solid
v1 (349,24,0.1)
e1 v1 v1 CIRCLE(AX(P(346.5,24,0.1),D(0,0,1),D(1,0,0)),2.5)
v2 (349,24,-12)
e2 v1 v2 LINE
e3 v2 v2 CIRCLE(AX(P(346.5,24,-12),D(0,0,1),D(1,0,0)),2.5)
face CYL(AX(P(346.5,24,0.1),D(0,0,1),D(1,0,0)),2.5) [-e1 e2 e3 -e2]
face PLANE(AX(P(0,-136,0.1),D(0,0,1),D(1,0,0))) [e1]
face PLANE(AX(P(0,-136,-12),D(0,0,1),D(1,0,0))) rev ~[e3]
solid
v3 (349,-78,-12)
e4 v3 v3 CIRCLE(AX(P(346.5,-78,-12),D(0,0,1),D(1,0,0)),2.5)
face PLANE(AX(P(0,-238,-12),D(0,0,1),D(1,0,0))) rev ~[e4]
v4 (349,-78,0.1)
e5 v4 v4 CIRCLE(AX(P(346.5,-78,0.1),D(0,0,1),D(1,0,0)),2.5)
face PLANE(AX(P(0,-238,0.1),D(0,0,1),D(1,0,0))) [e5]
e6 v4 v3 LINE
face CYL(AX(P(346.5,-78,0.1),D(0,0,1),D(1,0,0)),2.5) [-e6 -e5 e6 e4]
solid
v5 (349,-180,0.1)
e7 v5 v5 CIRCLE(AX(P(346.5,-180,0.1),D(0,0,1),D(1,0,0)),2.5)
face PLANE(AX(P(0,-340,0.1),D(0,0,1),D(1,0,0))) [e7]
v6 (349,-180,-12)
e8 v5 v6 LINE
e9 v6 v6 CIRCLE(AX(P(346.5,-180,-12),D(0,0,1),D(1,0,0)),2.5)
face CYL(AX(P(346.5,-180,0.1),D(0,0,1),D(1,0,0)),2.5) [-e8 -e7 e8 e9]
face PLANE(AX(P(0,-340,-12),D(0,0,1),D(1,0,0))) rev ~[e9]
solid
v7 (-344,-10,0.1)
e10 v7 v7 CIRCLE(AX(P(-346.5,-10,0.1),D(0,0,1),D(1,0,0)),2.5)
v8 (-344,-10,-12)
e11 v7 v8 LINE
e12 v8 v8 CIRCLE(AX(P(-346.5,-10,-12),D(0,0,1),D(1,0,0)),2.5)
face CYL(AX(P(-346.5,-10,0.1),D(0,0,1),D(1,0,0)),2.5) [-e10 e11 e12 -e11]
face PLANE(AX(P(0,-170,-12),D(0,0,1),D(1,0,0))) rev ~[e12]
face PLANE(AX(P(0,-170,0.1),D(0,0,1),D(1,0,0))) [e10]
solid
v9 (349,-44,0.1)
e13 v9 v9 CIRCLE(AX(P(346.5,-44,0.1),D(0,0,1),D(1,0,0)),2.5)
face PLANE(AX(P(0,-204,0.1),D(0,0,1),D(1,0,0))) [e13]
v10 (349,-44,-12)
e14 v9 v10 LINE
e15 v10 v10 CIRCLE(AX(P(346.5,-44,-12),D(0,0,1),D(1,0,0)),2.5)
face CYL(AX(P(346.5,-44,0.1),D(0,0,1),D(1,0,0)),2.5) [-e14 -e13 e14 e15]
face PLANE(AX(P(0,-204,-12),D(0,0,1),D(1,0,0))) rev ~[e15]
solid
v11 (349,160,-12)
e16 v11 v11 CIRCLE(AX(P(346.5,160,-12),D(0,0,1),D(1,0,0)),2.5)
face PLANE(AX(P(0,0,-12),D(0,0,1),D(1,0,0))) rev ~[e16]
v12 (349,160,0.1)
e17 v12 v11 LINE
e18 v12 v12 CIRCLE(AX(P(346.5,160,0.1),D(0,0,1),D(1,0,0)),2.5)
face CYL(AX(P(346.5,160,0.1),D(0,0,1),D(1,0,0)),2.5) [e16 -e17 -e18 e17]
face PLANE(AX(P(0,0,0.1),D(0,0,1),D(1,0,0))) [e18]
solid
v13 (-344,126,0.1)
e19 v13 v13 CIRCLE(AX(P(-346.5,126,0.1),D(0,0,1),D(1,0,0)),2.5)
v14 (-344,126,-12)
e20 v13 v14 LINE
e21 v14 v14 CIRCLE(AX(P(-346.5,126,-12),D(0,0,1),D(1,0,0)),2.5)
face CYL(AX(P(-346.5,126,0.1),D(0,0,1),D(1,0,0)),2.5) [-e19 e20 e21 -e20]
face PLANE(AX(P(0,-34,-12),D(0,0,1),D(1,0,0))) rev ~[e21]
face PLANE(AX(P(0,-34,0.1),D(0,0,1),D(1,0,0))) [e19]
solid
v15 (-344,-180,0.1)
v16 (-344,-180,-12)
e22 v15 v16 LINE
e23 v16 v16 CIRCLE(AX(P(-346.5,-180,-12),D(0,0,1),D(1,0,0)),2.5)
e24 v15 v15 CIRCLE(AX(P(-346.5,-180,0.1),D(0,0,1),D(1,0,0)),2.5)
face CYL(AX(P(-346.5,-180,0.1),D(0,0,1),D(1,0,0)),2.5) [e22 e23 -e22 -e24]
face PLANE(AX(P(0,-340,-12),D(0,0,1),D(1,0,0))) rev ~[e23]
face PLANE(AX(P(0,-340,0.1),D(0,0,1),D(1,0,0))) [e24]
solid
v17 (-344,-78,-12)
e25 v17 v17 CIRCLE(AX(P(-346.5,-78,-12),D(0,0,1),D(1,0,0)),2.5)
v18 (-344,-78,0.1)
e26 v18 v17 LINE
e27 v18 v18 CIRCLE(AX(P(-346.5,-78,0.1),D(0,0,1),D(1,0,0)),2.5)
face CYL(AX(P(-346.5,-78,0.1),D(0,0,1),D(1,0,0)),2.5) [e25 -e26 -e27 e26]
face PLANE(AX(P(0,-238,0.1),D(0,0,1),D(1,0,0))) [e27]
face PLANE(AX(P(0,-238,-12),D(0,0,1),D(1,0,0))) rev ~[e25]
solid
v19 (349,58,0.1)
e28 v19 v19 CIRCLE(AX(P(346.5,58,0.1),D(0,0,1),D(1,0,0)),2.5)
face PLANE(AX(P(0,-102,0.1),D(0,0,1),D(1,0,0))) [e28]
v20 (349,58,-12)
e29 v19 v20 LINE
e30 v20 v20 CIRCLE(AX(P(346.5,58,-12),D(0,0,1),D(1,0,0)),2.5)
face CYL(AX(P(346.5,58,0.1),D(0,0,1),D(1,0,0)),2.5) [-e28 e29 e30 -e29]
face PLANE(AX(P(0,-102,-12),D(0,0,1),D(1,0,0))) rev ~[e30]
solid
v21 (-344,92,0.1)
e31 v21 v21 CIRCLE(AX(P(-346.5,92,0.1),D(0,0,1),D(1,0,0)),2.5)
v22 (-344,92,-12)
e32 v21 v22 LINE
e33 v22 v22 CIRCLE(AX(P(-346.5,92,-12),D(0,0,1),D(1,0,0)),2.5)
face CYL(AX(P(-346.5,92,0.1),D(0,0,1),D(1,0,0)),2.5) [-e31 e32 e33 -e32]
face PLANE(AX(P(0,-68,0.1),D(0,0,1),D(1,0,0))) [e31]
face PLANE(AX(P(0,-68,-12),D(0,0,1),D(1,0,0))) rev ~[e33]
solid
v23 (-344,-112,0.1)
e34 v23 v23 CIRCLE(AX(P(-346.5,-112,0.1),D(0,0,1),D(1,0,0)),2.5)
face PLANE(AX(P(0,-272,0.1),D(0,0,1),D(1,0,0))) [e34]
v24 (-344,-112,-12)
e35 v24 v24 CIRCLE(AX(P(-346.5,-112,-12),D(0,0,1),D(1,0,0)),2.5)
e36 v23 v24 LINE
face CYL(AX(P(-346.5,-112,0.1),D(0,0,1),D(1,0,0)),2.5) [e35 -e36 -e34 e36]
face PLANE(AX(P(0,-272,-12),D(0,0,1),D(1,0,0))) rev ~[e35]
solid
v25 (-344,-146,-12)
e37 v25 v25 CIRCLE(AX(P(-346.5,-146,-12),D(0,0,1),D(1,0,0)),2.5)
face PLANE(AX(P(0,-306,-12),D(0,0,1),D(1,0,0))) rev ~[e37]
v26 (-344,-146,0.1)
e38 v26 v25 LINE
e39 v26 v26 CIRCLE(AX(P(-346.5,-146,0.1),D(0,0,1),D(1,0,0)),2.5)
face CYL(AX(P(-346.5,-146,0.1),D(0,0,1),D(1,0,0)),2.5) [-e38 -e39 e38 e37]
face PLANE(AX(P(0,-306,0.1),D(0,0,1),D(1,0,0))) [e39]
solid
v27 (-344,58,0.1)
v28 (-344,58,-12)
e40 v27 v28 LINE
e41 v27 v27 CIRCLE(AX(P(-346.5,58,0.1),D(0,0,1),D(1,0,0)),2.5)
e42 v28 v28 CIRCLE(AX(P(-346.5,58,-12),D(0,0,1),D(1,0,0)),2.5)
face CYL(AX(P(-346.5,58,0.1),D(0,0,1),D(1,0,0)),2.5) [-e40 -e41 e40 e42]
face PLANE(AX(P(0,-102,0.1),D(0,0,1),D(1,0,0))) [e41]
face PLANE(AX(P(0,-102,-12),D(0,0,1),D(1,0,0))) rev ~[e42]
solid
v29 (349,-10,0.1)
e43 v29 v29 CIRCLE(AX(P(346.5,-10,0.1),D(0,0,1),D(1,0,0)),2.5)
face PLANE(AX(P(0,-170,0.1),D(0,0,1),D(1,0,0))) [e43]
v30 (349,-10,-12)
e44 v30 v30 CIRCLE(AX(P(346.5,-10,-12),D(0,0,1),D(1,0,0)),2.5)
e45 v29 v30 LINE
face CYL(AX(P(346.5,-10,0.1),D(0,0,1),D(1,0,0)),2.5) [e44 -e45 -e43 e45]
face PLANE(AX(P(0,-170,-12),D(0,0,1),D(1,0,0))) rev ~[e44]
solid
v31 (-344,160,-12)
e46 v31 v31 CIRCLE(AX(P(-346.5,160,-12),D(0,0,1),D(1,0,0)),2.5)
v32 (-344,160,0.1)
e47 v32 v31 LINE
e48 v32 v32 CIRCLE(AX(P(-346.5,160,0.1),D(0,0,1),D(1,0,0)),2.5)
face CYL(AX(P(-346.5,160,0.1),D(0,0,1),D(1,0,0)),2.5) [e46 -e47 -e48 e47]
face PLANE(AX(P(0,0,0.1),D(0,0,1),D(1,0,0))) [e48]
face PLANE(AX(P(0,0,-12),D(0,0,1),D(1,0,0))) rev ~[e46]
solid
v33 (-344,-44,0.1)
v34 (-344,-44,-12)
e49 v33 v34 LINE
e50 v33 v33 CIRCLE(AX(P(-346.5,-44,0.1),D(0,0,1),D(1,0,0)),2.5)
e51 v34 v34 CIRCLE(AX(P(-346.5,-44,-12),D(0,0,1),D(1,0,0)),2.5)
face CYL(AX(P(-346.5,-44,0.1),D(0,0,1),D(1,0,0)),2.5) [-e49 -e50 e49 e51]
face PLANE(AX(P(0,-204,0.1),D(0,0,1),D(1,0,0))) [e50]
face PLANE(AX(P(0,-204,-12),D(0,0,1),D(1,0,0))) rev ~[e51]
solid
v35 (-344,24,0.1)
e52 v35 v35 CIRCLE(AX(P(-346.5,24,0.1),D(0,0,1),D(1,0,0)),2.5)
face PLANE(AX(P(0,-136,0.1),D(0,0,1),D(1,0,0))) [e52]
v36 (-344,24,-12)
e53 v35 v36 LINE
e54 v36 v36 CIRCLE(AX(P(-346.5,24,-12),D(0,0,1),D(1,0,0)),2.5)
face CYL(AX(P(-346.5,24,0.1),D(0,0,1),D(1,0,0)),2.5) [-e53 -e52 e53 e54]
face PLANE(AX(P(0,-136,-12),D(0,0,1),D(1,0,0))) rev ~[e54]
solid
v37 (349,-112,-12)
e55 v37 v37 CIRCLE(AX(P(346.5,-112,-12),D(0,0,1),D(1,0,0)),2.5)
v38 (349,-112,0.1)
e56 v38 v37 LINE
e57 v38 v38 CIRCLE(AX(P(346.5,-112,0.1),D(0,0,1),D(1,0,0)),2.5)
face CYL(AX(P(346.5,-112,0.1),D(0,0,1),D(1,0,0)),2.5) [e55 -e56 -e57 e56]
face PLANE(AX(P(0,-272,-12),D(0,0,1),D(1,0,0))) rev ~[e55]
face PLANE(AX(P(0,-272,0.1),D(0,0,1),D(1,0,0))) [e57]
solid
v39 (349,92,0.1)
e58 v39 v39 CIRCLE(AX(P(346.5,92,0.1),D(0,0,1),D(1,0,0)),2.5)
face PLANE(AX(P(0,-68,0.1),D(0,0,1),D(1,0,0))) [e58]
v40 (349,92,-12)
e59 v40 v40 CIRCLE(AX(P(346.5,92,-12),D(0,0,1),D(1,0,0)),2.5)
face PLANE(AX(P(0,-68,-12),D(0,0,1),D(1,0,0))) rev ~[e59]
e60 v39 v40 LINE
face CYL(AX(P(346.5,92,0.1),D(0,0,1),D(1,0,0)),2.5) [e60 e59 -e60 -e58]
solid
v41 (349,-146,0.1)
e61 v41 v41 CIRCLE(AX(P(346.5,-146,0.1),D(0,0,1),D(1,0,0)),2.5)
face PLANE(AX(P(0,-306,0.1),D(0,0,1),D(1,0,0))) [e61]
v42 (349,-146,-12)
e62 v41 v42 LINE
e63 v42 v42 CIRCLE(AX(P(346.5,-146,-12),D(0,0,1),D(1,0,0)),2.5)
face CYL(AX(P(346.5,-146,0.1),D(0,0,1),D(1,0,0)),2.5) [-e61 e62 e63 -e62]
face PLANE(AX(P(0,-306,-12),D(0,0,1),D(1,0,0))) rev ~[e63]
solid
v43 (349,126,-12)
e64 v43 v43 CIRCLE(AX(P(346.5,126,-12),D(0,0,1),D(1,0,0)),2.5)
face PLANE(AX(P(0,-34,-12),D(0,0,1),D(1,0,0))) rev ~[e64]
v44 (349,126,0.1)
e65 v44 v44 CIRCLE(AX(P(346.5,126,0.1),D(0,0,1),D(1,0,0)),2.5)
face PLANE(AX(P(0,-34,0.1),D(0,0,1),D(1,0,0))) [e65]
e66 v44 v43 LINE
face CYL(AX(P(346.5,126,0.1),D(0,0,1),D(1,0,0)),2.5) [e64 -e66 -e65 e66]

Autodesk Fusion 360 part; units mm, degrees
sketch "Control" plane through (0, 0, 0) normal (0, 0, 1) x (1, 0, 0)
  line L0 (378.5, -280) -> (-378.5, -280)
  line L1 (-378.5, -280) -> (-378.5, 280)
  line L2 (-378.5, 280) -> (378.5, 280)
  line L3 (378.5, 280) -> (378.5, -280)
  line L4 (378.5, -280) -> (-378.5, 280) construction
  line L5 (-378.5, -280) -> (378.5, 280) construction
  point P0 (0, 160)
  dimension "d7" = 560
  dimension "d8" = 757
  dimension "d9" = 378.5
  dimension "d100" = 120
ref_plane "WorkPlane1" through (0, 160, 0) normal (0, 1, 0) x (0, 0, 1)
ref_plane "WorkPlane2" through (0, 0, 0) normal (1, 0, 0) x (0, 1, 0)
sketch "Sketch5" plane through (0, 0, 0) normal (0, 0, 1) x (1, 0, 0)
  line L0 (346.5, 160) -> (-346.5, 160) construction
  line L1 (-378.5, 280) -> (378.5, 280) construction
  line L2 (378.5, 280) -> (378.5, -280) construction
  line L3 (-378.5, -280) -> (-378.5, 280) construction
  circle A0 centre (-346.5, 160) radius 2.5
  circle A1 centre (346.5, 160) radius 2.5
  dimension "d116" = 120
  dimension "d117" = 32
  dimension "d118" = 32
  dimension "d119" = 5
  dimension "d120" = 5
extrude "Extrude1" add sketch "Sketch5" along normal blind -12 and the other way blind -0.1 makes body 1 at (-346.9341, 162.462, -7.9667) makes body 2 at (346.0659, 162.462, -7.9667)
copy_body "Body->Comp1" bodies 1 removing the originals makes body 3 in component "Component"
copy_body "Body->Comp2" bodies 2 removing the originals makes body 4 in component "Component'"
pattern_linear "00000000-0000-0000-0000-000000000000" [suppressed]
component "Component" placed x (1, 0, 0) y (0, 1, 0) z (0, 0, 1) at (0, 0, 0)
component "Component'" placed x (1, 0, 0) y (0, 1, 0) z (0, 0, 1) at (0, 0, 0)
component "Component" placed x (1, 0, 0) y (0, 1, 0) z (0, 0, 1) at (0, -34, 0)
component "Component'" placed x (1, 0, 0) y (0, 1, 0) z (0, 0, 1) at (0, -34, 0)
component "Component" placed x (1, 0, 0) y (0, 1, 0) z (0, 0, 1) at (0, -68, 0)
component "Component'" placed x (1, 0, 0) y (0, 1, 0) z (0, 0, 1) at (0, -68, 0)
component "Component" placed x (1, 0, 0) y (0, 1, 0) z (0, 0, 1) at (0, -102, 0)
component "Component'" placed x (1, 0, 0) y (0, 1, 0) z (0, 0, 1) at (0, -102, 0)
component "Component" placed x (1, 0, 0) y (0, 1, 0) z (0, 0, 1) at (0, -136, 0)
component "Component'" placed x (1, 0, 0) y (0, 1, 0) z (0, 0, 1) at (0, -136, 0)
component "Component" placed x (1, 0, 0) y (0, 1, 0) z (0, 0, 1) at (0, -170, 0)
component "Component'" placed x (1, 0, 0) y (0, 1, 0) z (0, 0, 1) at (0, -170, 0)
component "Component" placed x (1, 0, 0) y (0, 1, 0) z (0, 0, 1) at (0, -204, 0)
component "Component'" placed x (1, 0, 0) y (0, 1, 0) z (0, 0, 1) at (0, -204, 0)
component "Component" placed x (1, 0, 0) y (0, 1, 0) z (0, 0, 1) at (0, -238, 0)
component "Component'" placed x (1, 0, 0) y (0, 1, 0) z (0, 0, 1) at (0, -238, 0)
component "Component" placed x (1, 0, 0) y (0, 1, 0) z (0, 0, 1) at (0, -272, 0)
component "Component'" placed x (1, 0, 0) y (0, 1, 0) z (0, 0, 1) at (0, -272, 0)
component "Component" placed x (1, 0, 0) y (0, 1, 0) z (0, 0, 1) at (0, -306, 0)
component "Component'" placed x (1, 0, 0) y (0, 1, 0) z (0, 0, 1) at (0, -306, 0)
component "Component" placed x (1, 0, 0) y (0, 1, 0) z (0, 0, 1) at (0, -340, 0)
component "Component'" placed x (1, 0, 0) y (0, 1, 0) z (0, 0, 1) at (0, -340, 0)
equation "FacadeWidth = 757.00 mm"
equation "FacadeHeight = 560.00 mm"
equation "HandleHorPos = FacadeWidth / 2"
equation "TopDistance = 120 mm"
equation "d7 = FacadeHeight"
equation "d8 = FacadeWidth"
equation "d9 = HandleHorPos"
equation "FacadeThickness = 18 mm"
equation "d100 = TopDistance"
equation "BottomDistance = 100 mm"
equation "FrontDistance = 32 mm"
equation "d116 = TopDistance"
equation "d117 = FrontDistance"
equation "d118 = d117"
equation "Spacing = 32 mm"
equation "Nbr_pin = floor(( FacadeHeight - TopDistance - BottomDistance ) / Spacing)"
equation "d131 = Nbr_pin + 1"
equation "d133 = ( -FacadeHeight + TopDistance + BottomDistance ) / Nbr_pin"
